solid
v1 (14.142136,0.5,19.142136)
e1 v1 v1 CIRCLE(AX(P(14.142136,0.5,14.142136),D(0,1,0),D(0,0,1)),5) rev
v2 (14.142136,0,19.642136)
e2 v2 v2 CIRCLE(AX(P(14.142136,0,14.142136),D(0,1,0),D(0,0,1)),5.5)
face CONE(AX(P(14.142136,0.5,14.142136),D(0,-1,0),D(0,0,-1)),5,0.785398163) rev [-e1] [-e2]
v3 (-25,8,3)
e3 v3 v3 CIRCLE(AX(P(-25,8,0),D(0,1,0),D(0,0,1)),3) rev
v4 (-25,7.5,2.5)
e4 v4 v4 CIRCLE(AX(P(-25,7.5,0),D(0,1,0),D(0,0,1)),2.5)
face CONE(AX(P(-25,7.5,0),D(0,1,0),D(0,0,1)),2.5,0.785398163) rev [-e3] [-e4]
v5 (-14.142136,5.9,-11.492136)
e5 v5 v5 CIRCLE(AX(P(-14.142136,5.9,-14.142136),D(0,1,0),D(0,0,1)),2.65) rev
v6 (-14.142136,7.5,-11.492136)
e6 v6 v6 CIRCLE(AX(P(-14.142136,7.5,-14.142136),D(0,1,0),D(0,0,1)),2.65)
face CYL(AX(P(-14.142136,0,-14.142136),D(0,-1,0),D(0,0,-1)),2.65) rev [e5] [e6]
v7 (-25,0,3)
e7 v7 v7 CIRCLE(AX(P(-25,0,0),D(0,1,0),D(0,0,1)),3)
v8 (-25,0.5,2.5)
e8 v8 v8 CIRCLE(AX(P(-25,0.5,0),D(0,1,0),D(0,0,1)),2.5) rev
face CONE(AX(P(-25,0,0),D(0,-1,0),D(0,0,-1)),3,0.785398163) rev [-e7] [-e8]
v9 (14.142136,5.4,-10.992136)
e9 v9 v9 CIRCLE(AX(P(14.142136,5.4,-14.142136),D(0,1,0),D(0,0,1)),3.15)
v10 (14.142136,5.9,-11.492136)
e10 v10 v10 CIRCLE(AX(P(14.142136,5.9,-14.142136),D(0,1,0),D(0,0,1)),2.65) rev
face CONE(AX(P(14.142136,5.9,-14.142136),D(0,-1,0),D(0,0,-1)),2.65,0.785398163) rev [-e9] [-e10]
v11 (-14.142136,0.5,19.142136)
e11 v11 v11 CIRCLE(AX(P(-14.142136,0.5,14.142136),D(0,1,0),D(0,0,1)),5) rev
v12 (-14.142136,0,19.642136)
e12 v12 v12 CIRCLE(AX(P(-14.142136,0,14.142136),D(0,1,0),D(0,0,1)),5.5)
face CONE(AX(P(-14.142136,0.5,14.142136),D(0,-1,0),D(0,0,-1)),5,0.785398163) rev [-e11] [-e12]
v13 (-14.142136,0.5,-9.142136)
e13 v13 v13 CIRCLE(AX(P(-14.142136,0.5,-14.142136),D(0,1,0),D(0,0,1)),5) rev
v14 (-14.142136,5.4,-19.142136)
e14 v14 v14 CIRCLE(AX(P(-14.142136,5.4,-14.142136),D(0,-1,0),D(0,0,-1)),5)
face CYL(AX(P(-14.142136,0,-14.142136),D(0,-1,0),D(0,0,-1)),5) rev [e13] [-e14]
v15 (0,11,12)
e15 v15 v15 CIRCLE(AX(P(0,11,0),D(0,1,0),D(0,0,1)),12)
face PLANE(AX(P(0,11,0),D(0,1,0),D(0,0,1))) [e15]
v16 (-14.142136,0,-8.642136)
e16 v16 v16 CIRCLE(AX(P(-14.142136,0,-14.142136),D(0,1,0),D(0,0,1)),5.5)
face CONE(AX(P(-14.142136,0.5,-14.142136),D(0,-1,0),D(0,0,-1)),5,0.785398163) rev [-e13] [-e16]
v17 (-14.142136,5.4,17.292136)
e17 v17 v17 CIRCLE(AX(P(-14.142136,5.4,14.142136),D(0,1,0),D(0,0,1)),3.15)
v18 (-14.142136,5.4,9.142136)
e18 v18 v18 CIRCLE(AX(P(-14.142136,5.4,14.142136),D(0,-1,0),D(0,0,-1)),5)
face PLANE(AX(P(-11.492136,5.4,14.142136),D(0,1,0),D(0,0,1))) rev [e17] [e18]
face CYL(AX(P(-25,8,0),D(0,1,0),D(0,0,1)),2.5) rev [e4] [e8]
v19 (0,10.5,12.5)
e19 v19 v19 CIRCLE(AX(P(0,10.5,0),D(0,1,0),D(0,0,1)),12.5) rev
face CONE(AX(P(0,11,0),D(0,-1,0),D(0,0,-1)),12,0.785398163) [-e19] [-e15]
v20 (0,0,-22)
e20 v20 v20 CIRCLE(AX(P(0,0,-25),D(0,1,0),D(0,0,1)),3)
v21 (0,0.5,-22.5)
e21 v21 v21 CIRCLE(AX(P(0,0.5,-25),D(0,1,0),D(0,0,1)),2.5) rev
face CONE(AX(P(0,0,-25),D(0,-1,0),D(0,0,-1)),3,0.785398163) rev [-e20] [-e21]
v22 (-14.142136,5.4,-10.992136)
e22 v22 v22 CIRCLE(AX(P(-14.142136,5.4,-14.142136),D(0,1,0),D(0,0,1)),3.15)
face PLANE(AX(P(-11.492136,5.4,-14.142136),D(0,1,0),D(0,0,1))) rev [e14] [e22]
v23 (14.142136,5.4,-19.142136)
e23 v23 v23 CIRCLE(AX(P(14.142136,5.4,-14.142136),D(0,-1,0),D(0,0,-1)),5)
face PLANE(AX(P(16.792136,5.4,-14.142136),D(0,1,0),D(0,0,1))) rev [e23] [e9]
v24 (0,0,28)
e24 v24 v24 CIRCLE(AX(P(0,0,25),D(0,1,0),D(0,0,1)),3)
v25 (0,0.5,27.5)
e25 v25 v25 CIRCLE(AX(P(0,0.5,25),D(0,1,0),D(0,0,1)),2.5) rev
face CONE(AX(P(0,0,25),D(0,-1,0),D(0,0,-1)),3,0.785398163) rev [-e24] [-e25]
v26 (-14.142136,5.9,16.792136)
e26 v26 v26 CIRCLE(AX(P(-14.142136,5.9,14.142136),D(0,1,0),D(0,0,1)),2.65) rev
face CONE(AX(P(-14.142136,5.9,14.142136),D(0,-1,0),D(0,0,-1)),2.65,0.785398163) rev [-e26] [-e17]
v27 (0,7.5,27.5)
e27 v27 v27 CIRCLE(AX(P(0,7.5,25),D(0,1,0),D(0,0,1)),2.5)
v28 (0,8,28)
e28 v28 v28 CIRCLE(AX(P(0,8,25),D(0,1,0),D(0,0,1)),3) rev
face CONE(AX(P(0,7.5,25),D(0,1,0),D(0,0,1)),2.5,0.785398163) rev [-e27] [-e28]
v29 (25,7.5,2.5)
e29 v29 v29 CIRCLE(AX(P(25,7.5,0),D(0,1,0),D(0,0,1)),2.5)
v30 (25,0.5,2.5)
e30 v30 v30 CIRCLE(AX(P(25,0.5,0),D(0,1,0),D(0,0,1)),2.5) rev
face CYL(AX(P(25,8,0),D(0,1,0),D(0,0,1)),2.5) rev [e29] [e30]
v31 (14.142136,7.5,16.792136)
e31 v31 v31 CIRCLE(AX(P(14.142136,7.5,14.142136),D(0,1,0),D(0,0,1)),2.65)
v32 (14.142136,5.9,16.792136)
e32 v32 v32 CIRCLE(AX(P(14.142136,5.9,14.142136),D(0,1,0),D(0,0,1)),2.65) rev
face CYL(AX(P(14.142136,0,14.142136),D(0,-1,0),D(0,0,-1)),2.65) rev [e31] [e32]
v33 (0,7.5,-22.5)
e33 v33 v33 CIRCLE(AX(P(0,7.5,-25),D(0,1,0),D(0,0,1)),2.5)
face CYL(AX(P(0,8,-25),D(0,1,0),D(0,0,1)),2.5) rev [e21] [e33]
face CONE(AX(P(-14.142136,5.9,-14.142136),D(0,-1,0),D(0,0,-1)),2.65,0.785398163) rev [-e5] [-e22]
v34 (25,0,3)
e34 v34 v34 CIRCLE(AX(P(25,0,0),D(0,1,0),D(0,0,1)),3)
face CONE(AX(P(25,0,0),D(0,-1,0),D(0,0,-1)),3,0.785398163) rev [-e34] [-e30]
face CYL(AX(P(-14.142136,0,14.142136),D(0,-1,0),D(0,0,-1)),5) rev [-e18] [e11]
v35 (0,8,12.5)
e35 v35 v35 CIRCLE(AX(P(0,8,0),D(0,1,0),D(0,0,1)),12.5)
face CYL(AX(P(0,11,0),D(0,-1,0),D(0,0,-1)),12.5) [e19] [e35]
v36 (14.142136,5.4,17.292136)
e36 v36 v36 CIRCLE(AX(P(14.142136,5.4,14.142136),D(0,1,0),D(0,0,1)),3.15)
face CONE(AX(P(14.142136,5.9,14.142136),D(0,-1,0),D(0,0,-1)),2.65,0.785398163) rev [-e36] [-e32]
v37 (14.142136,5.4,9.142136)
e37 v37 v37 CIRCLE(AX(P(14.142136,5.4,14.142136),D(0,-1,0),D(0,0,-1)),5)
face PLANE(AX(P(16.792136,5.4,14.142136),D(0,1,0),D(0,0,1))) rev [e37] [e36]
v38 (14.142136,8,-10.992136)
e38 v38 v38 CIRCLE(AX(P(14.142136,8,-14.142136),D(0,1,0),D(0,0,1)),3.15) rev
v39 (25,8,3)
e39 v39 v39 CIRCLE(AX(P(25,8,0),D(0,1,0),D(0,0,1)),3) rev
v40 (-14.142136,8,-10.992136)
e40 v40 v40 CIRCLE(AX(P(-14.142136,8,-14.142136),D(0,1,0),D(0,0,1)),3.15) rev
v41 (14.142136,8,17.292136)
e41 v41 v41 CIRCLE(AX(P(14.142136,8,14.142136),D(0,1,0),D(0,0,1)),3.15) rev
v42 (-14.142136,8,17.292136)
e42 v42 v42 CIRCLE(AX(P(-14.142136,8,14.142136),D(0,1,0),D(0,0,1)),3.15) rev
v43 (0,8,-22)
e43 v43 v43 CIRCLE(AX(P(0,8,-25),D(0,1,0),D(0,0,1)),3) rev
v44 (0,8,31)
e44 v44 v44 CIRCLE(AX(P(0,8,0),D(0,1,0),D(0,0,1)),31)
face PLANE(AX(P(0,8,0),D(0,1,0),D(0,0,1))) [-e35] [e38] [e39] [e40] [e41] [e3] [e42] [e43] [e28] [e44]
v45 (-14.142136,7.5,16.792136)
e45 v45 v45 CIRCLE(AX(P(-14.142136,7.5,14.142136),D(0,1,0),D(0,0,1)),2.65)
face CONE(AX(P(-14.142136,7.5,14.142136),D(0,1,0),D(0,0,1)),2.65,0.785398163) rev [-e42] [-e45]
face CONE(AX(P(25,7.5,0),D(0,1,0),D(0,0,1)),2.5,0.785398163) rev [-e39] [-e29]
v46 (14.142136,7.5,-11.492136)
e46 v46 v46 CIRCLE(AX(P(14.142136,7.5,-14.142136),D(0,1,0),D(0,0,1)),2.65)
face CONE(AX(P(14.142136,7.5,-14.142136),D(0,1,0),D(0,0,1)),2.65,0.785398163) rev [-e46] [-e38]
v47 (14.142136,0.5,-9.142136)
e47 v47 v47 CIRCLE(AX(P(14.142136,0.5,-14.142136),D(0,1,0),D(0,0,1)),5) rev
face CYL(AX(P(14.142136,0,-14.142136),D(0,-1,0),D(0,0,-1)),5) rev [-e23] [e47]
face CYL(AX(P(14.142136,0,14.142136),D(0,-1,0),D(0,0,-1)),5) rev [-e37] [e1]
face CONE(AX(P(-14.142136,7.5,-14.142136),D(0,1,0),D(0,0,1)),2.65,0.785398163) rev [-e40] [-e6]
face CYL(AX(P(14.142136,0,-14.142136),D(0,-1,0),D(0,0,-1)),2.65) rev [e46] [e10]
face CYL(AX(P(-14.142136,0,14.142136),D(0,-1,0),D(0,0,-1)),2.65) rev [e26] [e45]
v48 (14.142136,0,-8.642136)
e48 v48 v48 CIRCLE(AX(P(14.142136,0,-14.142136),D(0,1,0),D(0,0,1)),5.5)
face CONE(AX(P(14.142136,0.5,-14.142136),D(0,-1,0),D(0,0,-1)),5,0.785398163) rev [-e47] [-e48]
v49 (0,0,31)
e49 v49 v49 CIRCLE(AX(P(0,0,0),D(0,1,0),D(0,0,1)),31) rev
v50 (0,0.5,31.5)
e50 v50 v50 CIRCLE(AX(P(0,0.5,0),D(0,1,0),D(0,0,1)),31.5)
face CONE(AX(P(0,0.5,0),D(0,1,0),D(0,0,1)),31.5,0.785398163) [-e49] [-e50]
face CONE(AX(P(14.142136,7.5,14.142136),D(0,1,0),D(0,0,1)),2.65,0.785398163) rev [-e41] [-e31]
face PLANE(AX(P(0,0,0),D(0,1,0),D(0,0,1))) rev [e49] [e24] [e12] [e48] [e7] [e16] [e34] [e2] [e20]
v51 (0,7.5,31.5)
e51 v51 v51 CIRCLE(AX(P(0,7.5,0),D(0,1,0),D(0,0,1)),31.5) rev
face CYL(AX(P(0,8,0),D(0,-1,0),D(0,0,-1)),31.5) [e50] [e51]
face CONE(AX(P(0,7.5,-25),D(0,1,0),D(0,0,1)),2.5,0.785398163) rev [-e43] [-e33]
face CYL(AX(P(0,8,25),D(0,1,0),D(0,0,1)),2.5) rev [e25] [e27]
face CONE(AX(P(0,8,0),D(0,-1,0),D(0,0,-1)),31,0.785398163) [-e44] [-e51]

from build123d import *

# Parameters (mm, degrees)
SKETCH1_R                                           = 31.5
BOSS_EXTRUDE1_DEPTH                                 = 8
SKETCH30_R                                          = 12.5
BOSS_EXTRUDE3_DEPTH                                 = 3
TAP_DRILL_FOR_M6_TAP3_D                             = 5
CBORE_FOR_M5_HEX_SOCKET_HEAD_CAP_SCREW1_D           = 5.3
CBORE_FOR_M5_HEX_SOCKET_HEAD_CAP_SCREW1_CBORE_D     = 10
CBORE_FOR_M5_HEX_SOCKET_HEAD_CAP_SCREW1_CBORE_DEPTH = 5.4
CHAMFER1_SIZE                                       = 0.5


with BuildPart() as part:
    # Sketch1 → Boss-Extrude1 (new body)
    with BuildSketch(Plane(origin=(0, 0, 0), x_dir=(1, 0, 0), z_dir=(0, 1, 0))):
        with Locations(Location((0, 0, 0), (0, 0, 270))):
            Circle(SKETCH1_R)
    extrude(amount=BOSS_EXTRUDE1_DEPTH)

    # Sketch30 → Boss-Extrude3 (add)
    with BuildSketch(Plane(origin=(0, 8, 0), x_dir=(1, 0, 0), z_dir=(0, 1, 0))):
        with Locations(Location((0, 0, 0), (0, 0, 270))):
            Circle(SKETCH30_R)
    extrude(amount=BOSS_EXTRUDE3_DEPTH)

    # Tap Drill for M6 Tap3 (through all)
    with Locations(Plane(origin=(0, 8, 0), x_dir=(1, 0, 0), z_dir=(0, 1, 0))):
        with Locations((0, -25), (-25, 0), (0, 25), (25, 0)):
            Hole(TAP_DRILL_FOR_M6_TAP3_D / 2)

    # CBORE for M5 Hex Socket Head Cap Screw1 (through all)
    with Locations(Plane(origin=(0, 0, 0), x_dir=(-1, 0, 0), z_dir=(0, -1, 0))):
        with Locations((-14.142135624, 14.142135624), (14.142135624, 14.142135624), (14.142135624, -14.142135624), (-14.142135624, -14.142135624)):
            CounterBoreHole(CBORE_FOR_M5_HEX_SOCKET_HEAD_CAP_SCREW1_D / 2, CBORE_FOR_M5_HEX_SOCKET_HEAD_CAP_SCREW1_CBORE_D / 2, CBORE_FOR_M5_HEX_SOCKET_HEAD_CAP_SCREW1_CBORE_DEPTH)

    # Chamfer1
    chamfer1_edges = [part.edges().sort_by_distance(p)[0] for p in [
        (2.5, 8, 25),
        (2.5, 0, 25),
        (0, 0, -31.5),
        (27.5, 8, 0),
        (27.5, 0, 0),
        (2.5, 8, -25),
        (2.5, 0, -25),
        (-22.5, 8, 0),
        (-22.5, 0, 0),
        (0, 8, -31.5),
        (19.142135624, 0, 14.142135624),
        (11.492135624, 8, 14.142135624),
        (11.492135624, 5.4, 14.142135624),
        (-9.142135624, 0, 14.142135624),
        (-16.792135624, 8, 14.142135624),
        (-16.792135624, 5.4, 14.142135624),
        (-9.142135624, 0, -14.142135624),
        (-16.792135624, 8, -14.142135624),
        (-16.792135624, 5.4, -14.142135624),
        (19.142135624, 0, -14.142135624),
        (11.492135624, 8, -14.142135624),
        (11.492135624, 5.4, -14.142135624),
        (0, 11, -12.5),
    ]]
    chamfer(chamfer1_edges, length=CHAMFER1_SIZE)


solid = part.part
